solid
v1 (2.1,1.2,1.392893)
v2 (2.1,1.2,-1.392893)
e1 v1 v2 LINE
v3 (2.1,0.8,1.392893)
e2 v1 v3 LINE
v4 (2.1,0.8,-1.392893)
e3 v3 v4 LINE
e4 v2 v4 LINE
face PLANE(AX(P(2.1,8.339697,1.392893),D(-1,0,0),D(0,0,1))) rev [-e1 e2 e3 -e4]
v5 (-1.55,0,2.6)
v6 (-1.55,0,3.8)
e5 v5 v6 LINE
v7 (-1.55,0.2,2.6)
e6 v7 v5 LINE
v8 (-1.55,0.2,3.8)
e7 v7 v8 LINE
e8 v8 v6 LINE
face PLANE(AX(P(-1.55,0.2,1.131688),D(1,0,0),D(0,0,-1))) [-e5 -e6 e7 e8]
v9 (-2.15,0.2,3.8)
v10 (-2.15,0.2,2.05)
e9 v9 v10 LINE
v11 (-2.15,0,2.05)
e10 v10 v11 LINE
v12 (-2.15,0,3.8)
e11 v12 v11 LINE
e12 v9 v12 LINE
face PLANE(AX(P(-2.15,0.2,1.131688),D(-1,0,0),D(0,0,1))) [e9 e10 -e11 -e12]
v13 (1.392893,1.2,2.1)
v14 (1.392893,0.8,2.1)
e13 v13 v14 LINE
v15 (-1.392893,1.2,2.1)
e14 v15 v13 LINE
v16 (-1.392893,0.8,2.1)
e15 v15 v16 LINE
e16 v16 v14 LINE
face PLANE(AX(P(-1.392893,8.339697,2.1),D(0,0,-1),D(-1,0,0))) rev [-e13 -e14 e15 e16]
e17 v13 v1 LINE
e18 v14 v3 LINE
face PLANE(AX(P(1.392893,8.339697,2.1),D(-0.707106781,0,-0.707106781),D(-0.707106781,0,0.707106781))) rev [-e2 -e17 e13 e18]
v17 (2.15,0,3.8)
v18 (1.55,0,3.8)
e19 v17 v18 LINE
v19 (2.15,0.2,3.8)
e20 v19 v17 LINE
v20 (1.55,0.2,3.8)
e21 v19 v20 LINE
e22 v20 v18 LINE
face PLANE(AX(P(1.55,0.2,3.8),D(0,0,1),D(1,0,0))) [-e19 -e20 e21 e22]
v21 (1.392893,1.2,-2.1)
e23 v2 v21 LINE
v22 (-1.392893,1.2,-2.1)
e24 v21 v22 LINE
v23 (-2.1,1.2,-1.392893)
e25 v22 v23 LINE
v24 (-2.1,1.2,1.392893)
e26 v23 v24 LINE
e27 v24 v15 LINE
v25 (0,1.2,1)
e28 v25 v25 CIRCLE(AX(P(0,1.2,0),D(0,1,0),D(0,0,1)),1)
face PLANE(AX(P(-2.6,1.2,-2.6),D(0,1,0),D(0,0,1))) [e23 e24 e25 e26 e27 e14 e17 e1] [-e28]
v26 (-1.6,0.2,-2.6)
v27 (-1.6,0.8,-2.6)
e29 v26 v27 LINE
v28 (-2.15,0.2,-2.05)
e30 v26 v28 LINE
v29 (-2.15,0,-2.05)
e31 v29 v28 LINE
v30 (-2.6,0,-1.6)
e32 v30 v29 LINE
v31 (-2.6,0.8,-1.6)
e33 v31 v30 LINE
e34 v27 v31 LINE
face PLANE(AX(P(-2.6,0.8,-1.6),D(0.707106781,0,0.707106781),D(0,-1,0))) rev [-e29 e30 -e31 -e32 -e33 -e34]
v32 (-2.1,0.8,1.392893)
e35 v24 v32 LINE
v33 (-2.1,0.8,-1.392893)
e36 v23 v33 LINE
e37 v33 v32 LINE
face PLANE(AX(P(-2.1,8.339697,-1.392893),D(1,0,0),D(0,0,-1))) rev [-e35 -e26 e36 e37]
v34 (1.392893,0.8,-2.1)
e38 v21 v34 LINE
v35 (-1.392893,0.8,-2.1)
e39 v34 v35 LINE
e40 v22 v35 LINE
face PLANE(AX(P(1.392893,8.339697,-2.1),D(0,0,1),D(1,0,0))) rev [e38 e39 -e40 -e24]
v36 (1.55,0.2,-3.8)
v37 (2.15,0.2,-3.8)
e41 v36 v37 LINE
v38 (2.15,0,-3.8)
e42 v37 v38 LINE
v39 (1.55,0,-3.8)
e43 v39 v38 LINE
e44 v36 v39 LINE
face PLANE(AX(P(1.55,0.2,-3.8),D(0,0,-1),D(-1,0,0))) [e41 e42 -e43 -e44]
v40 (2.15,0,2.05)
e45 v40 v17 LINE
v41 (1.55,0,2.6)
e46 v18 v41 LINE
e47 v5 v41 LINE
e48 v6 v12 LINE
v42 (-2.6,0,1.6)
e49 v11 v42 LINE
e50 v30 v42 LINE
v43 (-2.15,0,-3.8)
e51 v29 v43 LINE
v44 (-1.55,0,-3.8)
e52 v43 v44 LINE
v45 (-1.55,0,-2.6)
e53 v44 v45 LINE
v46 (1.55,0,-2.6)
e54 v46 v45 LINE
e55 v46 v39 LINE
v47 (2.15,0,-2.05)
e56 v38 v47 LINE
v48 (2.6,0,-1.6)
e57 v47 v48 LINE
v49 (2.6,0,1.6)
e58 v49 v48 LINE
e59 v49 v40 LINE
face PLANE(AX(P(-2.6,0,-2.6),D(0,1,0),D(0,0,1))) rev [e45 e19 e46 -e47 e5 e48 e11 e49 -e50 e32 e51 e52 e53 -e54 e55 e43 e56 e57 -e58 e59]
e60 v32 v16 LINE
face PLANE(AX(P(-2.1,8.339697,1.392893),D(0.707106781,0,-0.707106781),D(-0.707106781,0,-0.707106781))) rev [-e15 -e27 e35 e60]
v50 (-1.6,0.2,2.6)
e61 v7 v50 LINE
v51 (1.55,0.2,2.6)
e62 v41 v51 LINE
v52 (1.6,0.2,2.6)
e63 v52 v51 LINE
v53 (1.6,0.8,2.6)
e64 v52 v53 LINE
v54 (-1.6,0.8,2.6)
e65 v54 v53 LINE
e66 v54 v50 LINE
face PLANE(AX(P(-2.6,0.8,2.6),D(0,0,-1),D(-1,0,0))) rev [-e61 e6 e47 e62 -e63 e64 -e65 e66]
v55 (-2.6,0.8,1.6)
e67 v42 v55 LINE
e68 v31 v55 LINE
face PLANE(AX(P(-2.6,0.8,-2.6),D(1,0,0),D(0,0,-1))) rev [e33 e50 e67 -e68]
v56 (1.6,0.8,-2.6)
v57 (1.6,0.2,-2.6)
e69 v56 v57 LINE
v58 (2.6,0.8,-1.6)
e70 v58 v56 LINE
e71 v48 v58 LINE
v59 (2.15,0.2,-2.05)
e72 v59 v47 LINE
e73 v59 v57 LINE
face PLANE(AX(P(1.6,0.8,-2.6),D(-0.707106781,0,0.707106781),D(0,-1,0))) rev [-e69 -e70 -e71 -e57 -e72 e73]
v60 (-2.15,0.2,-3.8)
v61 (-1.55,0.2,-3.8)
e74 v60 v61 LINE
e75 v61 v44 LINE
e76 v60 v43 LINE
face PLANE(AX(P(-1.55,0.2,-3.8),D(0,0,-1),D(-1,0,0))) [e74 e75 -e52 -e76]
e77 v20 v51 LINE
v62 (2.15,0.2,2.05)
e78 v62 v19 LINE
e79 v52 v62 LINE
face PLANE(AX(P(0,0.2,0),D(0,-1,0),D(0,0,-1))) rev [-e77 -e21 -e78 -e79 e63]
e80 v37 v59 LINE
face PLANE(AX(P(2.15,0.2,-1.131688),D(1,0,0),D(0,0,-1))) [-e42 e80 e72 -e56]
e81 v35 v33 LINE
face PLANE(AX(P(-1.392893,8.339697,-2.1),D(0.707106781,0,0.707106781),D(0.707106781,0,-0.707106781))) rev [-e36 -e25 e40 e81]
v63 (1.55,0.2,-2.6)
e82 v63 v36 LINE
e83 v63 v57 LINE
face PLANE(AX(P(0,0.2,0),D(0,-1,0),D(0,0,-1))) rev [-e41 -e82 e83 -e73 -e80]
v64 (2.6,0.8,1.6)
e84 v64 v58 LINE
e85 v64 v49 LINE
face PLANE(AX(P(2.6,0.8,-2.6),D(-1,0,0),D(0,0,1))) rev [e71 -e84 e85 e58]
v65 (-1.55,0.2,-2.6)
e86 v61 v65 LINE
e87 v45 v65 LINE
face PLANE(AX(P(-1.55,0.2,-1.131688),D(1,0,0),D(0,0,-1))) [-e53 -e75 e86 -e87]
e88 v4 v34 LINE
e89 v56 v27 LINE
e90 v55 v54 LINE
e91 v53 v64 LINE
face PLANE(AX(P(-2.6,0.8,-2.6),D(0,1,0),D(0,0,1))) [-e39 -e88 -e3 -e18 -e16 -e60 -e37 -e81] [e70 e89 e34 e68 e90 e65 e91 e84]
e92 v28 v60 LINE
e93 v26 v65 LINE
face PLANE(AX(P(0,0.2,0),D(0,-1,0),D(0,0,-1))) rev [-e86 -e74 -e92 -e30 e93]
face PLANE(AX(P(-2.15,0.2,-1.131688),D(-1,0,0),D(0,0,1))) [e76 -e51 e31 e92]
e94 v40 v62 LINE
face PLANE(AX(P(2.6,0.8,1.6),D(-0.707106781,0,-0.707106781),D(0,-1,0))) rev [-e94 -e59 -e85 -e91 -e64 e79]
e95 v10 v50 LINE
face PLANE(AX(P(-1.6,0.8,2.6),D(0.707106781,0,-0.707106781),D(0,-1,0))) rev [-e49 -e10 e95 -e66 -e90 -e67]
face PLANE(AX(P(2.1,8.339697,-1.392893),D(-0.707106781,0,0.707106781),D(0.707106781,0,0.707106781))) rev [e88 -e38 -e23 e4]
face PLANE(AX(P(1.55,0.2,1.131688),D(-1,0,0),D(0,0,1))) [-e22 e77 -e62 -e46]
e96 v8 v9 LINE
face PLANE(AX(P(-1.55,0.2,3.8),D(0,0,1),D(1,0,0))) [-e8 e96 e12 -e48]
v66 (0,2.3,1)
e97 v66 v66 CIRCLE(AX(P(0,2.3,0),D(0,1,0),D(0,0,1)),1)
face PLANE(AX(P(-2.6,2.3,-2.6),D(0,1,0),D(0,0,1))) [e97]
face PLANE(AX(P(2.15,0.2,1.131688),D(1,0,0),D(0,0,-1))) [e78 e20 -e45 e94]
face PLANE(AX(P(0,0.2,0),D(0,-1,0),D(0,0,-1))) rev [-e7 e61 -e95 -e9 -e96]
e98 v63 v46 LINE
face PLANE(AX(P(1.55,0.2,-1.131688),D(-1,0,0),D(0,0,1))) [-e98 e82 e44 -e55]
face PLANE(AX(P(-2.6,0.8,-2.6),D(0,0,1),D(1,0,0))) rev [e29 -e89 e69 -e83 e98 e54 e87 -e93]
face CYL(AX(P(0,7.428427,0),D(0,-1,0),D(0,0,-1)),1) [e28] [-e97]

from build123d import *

# Parameters (mm, degrees)
SKETCH_1_W         = 5.2
SKETCH_1_H         = 5.2
EXTRUDE_1_DEPTH    = 0.8
CHAMFER_1_SIZE     = 1
EXTRUDE_1_2_DEPTH  = 0.4
SKETCH_2_R         = 1
EXTRUDE_1110_DEPTH = 1.1
SKETCH_4_W         = 0.6
SKETCH_4_H         = 2.66831223
EXTRUDE_2_DEPTH    = 0.2


with BuildPart() as part:
    # 草图1 → Extrude 1 (new body)
    with BuildSketch(Plane(origin=(0, 0, 0), x_dir=(1, 0, 0), z_dir=(0, 1, 0))):
        Rectangle(SKETCH_1_W, SKETCH_1_H)
    extrude(amount=EXTRUDE_1_DEPTH)

    # 倒角1
    chamfer_1_edges = [part.edges().sort_by_distance(p)[0] for p in [
        (-2.6, 0.4, -2.6),
        (2.6, 0.4, -2.6),
        (2.6, 0.4, 2.6),
        (-2.6, 0.4, 2.6),
    ]]
    chamfer(chamfer_1_edges, length=CHAMFER_1_SIZE)

    # 草图3 → Extrude 1 2 (add)
    with BuildSketch(Plane(origin=(0, 0.8, 0), x_dir=(1, 0, 0), z_dir=(0, 1, 0))):
        Polygon((-2.1, 1.392893219), (-2.1, -1.392893219), (-1.392893219, -2.1), (1.392893219, -2.1), (2.1, -1.392893219), (2.1, 1.392893219), (1.392893219, 2.1), (-1.392893219, 2.1), align=None)
    extrude(amount=EXTRUDE_1_2_DEPTH)

    # 草图2 → Extrude 1110 (add)
    with BuildSketch(Plane(origin=(0, 1.2, 0), x_dir=(-1, 0, 0), z_dir=(0, 1, 0))):
        with Locations(Location((0, 0, 0), (0, 0, 90))):
            Circle(SKETCH_2_R)
    extrude(amount=EXTRUDE_1110_DEPTH)

    # 草图4 → 凸台-拉伸2 (add)
    with BuildSketch(Plane.XZ):
        with Locations((-1.85, 2.465843885)):
            Rectangle(SKETCH_4_W, SKETCH_4_H)
        with Locations((1.85, 2.465843885)):
            Rectangle(SKETCH_4_W, SKETCH_4_H)
        with Locations((1.85, -2.465843885)):
            Rectangle(SKETCH_4_W, SKETCH_4_H)
        with Locations((-1.85, -2.465843885)):
            Rectangle(SKETCH_4_W, SKETCH_4_H)
    extrude(amount=-EXTRUDE_2_DEPTH)


solid = part.part
